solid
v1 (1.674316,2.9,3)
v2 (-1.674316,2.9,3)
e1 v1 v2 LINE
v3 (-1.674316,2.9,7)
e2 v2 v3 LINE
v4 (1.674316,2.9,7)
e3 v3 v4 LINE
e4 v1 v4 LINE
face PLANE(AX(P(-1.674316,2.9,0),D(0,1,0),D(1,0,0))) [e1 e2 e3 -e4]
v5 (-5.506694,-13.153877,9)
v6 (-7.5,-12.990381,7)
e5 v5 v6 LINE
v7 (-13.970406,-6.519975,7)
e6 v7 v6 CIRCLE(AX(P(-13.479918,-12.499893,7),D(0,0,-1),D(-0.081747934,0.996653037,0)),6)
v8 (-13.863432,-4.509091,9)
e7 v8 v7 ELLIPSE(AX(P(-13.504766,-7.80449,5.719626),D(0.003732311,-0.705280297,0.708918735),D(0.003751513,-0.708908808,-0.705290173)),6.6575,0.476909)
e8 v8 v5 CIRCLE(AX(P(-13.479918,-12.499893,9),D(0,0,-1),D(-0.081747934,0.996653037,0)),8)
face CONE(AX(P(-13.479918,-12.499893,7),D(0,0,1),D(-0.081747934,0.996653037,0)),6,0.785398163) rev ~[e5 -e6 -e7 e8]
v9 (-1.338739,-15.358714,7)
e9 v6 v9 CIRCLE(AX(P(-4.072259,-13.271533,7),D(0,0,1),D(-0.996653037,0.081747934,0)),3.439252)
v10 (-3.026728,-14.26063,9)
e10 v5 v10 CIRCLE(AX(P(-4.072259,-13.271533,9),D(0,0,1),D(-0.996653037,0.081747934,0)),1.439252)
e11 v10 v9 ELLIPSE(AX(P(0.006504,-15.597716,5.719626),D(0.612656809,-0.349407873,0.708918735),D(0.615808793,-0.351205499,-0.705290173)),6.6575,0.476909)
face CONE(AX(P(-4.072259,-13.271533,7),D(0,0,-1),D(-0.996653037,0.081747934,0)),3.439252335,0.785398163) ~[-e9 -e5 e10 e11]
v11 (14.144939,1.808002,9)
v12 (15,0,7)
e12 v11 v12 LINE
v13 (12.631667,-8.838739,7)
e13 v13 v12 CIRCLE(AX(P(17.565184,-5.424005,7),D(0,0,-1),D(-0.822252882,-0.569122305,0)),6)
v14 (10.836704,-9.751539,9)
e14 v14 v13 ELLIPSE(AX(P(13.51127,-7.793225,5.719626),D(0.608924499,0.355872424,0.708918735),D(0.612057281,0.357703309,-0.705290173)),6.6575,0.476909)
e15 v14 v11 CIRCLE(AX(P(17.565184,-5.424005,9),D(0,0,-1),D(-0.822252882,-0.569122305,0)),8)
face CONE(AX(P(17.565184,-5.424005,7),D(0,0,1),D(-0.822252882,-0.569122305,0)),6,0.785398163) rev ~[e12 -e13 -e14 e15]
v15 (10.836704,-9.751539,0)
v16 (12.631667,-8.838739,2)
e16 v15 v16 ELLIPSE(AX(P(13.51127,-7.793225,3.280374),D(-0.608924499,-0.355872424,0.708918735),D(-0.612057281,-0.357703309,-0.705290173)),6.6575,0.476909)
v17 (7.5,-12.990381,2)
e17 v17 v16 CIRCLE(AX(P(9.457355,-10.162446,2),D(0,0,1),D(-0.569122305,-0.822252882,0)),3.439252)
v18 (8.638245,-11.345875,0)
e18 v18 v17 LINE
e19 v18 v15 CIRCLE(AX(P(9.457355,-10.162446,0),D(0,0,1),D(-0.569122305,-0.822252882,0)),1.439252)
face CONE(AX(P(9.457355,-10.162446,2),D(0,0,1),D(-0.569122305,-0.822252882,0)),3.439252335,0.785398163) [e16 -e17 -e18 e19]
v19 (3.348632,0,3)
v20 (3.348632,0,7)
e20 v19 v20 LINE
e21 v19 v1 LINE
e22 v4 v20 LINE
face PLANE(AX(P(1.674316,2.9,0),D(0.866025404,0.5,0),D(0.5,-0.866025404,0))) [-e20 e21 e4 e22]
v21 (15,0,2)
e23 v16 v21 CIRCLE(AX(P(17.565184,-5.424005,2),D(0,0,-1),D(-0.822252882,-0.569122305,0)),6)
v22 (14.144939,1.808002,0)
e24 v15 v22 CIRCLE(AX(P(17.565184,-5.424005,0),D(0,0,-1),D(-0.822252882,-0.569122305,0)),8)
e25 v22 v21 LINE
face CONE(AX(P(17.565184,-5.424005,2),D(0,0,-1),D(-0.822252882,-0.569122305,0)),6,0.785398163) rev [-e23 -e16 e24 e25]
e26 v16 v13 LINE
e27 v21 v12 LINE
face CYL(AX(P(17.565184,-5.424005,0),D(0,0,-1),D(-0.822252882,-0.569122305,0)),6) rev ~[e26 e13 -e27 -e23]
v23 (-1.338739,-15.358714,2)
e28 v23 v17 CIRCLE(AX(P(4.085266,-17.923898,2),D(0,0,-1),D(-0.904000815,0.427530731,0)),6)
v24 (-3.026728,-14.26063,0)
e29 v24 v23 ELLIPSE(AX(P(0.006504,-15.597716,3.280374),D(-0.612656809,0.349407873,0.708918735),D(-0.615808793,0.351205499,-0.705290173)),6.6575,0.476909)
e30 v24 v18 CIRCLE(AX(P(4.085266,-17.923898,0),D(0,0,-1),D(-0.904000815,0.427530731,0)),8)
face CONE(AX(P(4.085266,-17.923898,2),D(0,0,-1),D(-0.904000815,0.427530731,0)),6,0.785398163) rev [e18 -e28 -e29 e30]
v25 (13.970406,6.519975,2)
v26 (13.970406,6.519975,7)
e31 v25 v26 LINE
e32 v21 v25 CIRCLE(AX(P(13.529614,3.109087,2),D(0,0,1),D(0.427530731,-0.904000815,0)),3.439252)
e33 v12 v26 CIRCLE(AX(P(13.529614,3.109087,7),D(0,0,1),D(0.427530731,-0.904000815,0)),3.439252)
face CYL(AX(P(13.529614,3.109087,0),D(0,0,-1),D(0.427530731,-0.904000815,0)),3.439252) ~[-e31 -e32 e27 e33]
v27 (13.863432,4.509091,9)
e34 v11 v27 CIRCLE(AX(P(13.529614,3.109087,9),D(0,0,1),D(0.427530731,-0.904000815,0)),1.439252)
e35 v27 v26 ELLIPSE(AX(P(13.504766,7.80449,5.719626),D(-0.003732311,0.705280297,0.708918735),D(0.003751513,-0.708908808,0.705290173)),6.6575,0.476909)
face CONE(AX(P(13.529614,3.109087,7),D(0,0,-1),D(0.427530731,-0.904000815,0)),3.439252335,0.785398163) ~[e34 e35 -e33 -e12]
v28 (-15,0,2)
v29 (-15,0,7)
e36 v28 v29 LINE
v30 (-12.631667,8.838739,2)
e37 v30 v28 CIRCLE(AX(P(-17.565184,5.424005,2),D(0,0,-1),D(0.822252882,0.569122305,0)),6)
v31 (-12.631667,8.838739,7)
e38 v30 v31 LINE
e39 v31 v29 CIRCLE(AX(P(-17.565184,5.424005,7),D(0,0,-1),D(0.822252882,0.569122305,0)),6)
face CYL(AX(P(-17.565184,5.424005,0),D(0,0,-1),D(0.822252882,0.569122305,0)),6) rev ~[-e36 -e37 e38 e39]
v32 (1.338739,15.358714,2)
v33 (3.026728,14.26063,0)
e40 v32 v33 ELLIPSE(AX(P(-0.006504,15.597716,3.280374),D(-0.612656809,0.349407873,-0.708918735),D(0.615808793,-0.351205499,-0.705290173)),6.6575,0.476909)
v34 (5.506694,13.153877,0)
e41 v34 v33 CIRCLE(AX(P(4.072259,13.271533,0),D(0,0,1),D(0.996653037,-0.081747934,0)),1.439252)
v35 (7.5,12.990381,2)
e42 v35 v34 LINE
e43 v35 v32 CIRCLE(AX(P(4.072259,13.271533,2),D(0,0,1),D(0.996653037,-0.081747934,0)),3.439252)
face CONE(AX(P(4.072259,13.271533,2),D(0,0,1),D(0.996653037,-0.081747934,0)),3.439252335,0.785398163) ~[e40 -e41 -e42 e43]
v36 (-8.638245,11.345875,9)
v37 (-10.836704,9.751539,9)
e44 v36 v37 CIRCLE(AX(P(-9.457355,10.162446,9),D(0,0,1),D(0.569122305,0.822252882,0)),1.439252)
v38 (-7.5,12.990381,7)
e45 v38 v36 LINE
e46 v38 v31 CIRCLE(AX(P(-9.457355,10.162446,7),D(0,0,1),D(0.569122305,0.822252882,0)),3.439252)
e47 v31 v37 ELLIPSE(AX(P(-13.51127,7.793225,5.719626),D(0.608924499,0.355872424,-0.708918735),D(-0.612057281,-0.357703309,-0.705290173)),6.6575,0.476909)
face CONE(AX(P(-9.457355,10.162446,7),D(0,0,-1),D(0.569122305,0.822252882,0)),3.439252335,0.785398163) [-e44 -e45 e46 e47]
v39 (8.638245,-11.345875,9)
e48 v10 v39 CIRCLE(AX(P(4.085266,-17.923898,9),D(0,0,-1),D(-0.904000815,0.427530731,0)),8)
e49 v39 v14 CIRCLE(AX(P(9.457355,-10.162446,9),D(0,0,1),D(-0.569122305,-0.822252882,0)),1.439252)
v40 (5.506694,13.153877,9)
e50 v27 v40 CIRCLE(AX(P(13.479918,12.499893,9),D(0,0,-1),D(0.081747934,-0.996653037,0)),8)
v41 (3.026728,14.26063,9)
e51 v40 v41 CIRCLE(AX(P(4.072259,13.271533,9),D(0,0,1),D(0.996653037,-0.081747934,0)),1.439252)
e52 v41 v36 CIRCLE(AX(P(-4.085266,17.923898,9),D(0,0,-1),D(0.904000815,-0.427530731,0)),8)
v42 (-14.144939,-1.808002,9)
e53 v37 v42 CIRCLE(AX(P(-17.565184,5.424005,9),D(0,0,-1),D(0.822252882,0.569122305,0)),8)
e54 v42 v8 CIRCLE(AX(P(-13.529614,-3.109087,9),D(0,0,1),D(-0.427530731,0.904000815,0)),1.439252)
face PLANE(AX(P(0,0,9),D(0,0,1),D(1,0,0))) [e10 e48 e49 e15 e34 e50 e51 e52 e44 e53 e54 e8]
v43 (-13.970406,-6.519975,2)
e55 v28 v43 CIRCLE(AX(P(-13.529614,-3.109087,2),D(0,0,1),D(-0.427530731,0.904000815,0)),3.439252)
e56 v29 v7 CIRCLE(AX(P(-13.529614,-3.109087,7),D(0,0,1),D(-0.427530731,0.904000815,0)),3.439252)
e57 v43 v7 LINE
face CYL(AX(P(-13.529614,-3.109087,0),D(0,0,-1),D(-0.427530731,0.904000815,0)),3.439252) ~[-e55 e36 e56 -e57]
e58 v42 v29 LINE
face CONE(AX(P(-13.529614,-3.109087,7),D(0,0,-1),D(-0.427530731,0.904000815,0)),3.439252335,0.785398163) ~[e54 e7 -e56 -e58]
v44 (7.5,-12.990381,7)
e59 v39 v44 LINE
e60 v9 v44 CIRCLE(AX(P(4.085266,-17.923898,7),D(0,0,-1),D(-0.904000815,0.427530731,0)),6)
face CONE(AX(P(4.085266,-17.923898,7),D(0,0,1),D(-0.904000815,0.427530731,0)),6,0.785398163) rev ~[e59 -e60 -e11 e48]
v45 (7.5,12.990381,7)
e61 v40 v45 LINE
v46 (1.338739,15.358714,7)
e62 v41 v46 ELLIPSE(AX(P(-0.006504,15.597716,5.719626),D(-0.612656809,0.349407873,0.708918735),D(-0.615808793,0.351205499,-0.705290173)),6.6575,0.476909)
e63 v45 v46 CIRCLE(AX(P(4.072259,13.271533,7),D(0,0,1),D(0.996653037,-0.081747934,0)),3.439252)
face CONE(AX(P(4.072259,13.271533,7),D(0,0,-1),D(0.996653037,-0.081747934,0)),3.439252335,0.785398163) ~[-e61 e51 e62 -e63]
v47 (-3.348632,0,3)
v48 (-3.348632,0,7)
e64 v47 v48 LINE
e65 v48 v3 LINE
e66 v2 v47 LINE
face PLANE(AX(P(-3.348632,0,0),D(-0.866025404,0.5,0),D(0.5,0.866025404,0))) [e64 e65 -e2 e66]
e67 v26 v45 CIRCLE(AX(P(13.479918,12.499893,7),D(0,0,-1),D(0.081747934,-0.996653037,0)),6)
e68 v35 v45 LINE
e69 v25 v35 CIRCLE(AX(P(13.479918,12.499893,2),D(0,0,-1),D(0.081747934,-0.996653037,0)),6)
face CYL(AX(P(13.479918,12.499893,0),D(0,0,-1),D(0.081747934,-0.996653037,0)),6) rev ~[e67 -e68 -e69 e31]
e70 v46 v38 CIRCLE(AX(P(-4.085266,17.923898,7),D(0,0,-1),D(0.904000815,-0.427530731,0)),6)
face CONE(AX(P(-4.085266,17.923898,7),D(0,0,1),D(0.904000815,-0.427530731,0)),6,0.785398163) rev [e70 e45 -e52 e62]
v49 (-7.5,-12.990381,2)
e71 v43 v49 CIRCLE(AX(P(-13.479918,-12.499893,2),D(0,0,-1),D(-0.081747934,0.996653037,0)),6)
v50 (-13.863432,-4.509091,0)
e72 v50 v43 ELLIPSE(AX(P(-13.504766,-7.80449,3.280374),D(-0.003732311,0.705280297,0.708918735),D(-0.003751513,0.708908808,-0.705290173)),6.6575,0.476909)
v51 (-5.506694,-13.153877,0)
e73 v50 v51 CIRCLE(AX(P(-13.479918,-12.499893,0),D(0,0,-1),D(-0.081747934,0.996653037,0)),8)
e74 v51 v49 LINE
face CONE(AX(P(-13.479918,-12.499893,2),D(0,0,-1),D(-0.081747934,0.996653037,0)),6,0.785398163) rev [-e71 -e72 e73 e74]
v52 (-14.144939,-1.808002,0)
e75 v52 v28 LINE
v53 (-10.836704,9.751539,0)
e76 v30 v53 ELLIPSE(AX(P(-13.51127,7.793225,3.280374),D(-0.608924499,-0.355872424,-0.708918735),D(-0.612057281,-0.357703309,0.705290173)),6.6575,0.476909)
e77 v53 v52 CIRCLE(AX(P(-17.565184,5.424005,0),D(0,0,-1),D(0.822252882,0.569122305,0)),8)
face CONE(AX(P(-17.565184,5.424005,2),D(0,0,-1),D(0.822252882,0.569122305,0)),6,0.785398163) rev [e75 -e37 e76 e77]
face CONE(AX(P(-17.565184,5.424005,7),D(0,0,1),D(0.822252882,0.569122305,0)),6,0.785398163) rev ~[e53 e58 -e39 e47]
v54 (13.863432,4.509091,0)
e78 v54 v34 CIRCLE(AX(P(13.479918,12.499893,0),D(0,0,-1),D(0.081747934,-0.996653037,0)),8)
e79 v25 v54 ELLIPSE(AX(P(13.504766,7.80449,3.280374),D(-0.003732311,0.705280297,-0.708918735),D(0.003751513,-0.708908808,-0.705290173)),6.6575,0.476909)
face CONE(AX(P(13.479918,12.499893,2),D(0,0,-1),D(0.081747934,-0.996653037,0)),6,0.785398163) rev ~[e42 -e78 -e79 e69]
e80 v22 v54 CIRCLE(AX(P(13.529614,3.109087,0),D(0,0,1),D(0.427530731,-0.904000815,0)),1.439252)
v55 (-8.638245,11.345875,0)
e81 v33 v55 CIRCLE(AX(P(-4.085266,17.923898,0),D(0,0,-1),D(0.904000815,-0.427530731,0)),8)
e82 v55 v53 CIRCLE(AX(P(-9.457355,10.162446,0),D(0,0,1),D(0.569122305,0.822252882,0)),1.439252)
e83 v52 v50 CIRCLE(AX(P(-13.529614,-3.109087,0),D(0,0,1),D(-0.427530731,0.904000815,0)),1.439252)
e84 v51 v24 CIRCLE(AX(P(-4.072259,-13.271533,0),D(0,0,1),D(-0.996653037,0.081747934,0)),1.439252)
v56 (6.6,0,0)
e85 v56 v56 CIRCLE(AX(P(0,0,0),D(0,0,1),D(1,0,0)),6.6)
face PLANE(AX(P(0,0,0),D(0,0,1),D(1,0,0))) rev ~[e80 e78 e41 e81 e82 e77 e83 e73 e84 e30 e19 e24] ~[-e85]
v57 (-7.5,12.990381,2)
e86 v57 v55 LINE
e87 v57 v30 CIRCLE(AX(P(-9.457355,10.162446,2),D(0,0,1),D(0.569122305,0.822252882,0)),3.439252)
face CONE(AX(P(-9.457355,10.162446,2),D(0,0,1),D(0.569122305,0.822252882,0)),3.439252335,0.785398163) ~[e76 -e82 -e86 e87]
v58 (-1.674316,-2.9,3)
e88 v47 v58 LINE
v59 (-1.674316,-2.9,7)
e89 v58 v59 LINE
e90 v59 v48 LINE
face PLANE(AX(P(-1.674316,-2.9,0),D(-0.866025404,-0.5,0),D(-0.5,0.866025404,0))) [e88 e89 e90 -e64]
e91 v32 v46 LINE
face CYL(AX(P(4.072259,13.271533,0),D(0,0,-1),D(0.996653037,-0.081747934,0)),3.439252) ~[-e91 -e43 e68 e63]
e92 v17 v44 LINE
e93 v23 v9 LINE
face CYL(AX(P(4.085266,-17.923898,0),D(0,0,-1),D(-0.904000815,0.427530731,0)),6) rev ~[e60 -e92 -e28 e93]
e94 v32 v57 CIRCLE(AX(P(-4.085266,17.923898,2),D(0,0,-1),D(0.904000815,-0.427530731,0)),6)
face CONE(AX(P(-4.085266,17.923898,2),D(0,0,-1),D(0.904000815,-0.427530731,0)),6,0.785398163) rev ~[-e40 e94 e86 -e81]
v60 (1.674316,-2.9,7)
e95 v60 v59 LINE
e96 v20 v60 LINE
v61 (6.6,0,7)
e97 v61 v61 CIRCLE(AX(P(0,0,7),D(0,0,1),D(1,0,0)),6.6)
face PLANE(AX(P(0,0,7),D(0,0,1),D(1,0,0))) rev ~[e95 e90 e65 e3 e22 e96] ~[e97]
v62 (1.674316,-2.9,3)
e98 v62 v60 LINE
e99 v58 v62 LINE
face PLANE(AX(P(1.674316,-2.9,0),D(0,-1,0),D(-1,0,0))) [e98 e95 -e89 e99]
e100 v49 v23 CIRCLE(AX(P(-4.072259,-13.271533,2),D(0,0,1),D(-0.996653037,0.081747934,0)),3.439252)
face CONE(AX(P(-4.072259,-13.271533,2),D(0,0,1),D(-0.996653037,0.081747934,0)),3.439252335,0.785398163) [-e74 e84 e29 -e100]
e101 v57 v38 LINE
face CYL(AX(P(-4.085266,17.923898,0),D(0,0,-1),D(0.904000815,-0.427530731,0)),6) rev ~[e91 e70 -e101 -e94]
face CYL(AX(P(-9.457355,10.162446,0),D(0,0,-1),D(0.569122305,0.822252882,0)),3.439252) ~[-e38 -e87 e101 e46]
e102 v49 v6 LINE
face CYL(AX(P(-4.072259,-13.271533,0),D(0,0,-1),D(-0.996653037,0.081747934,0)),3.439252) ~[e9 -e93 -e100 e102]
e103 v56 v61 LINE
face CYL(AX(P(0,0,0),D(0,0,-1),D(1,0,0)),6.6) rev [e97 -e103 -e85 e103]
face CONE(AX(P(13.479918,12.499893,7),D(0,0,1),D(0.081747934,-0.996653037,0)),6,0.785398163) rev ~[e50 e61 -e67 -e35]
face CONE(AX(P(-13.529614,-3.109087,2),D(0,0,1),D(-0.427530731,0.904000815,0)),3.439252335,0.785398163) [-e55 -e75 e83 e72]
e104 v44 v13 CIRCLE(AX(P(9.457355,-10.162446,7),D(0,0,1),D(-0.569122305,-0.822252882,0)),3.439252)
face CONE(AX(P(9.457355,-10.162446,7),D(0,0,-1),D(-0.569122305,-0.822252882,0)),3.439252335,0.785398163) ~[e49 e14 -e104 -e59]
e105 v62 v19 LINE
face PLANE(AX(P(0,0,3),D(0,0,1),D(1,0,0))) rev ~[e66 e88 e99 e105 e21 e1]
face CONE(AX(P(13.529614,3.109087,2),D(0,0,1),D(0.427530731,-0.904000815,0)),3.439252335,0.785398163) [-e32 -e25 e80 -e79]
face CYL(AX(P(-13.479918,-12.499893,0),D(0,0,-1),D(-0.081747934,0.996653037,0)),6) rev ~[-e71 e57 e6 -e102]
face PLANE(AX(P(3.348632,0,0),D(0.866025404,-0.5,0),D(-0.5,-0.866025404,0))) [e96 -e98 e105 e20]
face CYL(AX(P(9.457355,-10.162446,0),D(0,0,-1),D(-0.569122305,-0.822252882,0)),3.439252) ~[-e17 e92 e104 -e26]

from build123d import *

# Parameters (mm, degrees)
F0_R     = 6.6
F1_DEPTH = 9
F2_DEPTH = 7
F3_SIZE  = 2
F4_DEPTH = 3


with BuildPart() as f1:
    # F0 (on Top) → F1 (new body)
    with BuildSketch(Plane.XY):
        with BuildLine():
            ThreePointArc((1.338738724, 15.35871396), (-2.5323518967, 12.1283433891), (-7.5, 12.9903810568))
            ThreePointArc((-7.5, 12.9903810568), (-11.6205194267, 12.8362404515), (-12.6316670968, 8.838738724))
            ThreePointArc((-12.6316670968, 8.838738724), (-11.7696294292, 3.8710906207), (-15, 0))
            ThreePointArc((-15, 0), (-16.9267700334, -3.6455448029), (-13.9704058208, -6.519975236))
            ThreePointArc((-13.9704058208, -6.519975236), (-9.2372775325, -8.2572527684), (-7.5, -12.9903810568))
            ThreePointArc((-7.5, -12.9903810568), (-5.3062506067, -16.4817852544), (-1.338738724, -15.35871396))
            ThreePointArc((-1.338738724, -15.35871396), (2.5323518967, -12.1283433891), (7.5, -12.9903810568))
            ThreePointArc((7.5, -12.9903810568), (11.6205194267, -12.8362404515), (12.6316670968, -8.838738724))
            ThreePointArc((12.6316670968, -8.838738724), (11.7696294292, -3.8710906207), (15, 0))
            ThreePointArc((15, 0), (16.9267700334, 3.6455448029), (13.9704058208, 6.519975236))
            ThreePointArc((13.9704058208, 6.519975236), (9.2372775325, 8.2572527684), (7.5, 12.9903810568))
            ThreePointArc((7.5, 12.9903810568), (5.3062506067, 16.4817852544), (1.338738724, 15.35871396))
        make_face()
        Circle(F0_R, mode=Mode.SUBTRACT)
        Circle(F0_R)
        Polygon((-1.6743157806, -2.9), (-3.3486315613, 0), (-1.6743157806, 2.9), (1.6743157806, 2.9), (3.3486315613, 0), (1.6743157806, -2.9), align=None, mode=Mode.SUBTRACT)
        Polygon((-1.6743157806, 2.9), (-3.3486315613, 0), (-1.6743157806, -2.9), (1.6743157806, -2.9), (3.3486315613, 0), (1.6743157806, 2.9), align=None)
    extrude(amount=F1_DEPTH)

    # F0 (on Top) → F2 (cut)
    with BuildSketch(Plane.XY):
        Circle(F0_R)
        Polygon((-1.6743157806, -2.9), (-3.3486315613, 0), (-1.6743157806, 2.9), (1.6743157806, 2.9), (3.3486315613, 0), (1.6743157806, -2.9), align=None, mode=Mode.SUBTRACT)
    extrude(amount=F2_DEPTH, mode=Mode.SUBTRACT)

    # F3
    f3_edges = [f1.edges().sort_by_distance(p)[0] for p in [
        (-2.532352, 12.128343, 0),
        (5.306251, 16.481785, 0),
        (9.237278, 8.257253, 0),
        (16.92677, 3.645545, 0),
        (11.769629, -3.871091, 0),
        (2.532352, -12.128343, 0),
        (-5.306251, -16.481785, 0),
        (-9.237278, -8.257253, 0),
        (-16.92677, -3.645545, 0),
        (-11.769629, 3.871091, 0),
        (9.237278, 8.257253, 9),
        (5.306251, 16.481785, 9),
        (-2.532352, 12.128343, 9),
        (-11.620519, 12.83624, 9),
        (-11.769629, 3.871091, 9),
        (-16.92677, -3.645545, 9),
        (-9.237278, -8.257253, 9),
        (-5.306251, -16.481785, 9),
        (2.532352, -12.128343, 9),
        (11.620519, -12.83624, 9),
        (11.769629, -3.871091, 9),
        (16.92677, 3.645545, 9),
    ]]
    chamfer(f3_edges, length=F3_SIZE)

    # F0 (on Top) → F4 (cut)
    with BuildSketch(Plane.XY):
        Polygon((-1.6743157806, 2.9), (-3.3486315613, 0), (-1.6743157806, -2.9), (1.6743157806, -2.9), (3.3486315613, 0), (1.6743157806, 2.9), align=None)
    extrude(amount=F4_DEPTH, mode=Mode.SUBTRACT)


solid = f1.part
